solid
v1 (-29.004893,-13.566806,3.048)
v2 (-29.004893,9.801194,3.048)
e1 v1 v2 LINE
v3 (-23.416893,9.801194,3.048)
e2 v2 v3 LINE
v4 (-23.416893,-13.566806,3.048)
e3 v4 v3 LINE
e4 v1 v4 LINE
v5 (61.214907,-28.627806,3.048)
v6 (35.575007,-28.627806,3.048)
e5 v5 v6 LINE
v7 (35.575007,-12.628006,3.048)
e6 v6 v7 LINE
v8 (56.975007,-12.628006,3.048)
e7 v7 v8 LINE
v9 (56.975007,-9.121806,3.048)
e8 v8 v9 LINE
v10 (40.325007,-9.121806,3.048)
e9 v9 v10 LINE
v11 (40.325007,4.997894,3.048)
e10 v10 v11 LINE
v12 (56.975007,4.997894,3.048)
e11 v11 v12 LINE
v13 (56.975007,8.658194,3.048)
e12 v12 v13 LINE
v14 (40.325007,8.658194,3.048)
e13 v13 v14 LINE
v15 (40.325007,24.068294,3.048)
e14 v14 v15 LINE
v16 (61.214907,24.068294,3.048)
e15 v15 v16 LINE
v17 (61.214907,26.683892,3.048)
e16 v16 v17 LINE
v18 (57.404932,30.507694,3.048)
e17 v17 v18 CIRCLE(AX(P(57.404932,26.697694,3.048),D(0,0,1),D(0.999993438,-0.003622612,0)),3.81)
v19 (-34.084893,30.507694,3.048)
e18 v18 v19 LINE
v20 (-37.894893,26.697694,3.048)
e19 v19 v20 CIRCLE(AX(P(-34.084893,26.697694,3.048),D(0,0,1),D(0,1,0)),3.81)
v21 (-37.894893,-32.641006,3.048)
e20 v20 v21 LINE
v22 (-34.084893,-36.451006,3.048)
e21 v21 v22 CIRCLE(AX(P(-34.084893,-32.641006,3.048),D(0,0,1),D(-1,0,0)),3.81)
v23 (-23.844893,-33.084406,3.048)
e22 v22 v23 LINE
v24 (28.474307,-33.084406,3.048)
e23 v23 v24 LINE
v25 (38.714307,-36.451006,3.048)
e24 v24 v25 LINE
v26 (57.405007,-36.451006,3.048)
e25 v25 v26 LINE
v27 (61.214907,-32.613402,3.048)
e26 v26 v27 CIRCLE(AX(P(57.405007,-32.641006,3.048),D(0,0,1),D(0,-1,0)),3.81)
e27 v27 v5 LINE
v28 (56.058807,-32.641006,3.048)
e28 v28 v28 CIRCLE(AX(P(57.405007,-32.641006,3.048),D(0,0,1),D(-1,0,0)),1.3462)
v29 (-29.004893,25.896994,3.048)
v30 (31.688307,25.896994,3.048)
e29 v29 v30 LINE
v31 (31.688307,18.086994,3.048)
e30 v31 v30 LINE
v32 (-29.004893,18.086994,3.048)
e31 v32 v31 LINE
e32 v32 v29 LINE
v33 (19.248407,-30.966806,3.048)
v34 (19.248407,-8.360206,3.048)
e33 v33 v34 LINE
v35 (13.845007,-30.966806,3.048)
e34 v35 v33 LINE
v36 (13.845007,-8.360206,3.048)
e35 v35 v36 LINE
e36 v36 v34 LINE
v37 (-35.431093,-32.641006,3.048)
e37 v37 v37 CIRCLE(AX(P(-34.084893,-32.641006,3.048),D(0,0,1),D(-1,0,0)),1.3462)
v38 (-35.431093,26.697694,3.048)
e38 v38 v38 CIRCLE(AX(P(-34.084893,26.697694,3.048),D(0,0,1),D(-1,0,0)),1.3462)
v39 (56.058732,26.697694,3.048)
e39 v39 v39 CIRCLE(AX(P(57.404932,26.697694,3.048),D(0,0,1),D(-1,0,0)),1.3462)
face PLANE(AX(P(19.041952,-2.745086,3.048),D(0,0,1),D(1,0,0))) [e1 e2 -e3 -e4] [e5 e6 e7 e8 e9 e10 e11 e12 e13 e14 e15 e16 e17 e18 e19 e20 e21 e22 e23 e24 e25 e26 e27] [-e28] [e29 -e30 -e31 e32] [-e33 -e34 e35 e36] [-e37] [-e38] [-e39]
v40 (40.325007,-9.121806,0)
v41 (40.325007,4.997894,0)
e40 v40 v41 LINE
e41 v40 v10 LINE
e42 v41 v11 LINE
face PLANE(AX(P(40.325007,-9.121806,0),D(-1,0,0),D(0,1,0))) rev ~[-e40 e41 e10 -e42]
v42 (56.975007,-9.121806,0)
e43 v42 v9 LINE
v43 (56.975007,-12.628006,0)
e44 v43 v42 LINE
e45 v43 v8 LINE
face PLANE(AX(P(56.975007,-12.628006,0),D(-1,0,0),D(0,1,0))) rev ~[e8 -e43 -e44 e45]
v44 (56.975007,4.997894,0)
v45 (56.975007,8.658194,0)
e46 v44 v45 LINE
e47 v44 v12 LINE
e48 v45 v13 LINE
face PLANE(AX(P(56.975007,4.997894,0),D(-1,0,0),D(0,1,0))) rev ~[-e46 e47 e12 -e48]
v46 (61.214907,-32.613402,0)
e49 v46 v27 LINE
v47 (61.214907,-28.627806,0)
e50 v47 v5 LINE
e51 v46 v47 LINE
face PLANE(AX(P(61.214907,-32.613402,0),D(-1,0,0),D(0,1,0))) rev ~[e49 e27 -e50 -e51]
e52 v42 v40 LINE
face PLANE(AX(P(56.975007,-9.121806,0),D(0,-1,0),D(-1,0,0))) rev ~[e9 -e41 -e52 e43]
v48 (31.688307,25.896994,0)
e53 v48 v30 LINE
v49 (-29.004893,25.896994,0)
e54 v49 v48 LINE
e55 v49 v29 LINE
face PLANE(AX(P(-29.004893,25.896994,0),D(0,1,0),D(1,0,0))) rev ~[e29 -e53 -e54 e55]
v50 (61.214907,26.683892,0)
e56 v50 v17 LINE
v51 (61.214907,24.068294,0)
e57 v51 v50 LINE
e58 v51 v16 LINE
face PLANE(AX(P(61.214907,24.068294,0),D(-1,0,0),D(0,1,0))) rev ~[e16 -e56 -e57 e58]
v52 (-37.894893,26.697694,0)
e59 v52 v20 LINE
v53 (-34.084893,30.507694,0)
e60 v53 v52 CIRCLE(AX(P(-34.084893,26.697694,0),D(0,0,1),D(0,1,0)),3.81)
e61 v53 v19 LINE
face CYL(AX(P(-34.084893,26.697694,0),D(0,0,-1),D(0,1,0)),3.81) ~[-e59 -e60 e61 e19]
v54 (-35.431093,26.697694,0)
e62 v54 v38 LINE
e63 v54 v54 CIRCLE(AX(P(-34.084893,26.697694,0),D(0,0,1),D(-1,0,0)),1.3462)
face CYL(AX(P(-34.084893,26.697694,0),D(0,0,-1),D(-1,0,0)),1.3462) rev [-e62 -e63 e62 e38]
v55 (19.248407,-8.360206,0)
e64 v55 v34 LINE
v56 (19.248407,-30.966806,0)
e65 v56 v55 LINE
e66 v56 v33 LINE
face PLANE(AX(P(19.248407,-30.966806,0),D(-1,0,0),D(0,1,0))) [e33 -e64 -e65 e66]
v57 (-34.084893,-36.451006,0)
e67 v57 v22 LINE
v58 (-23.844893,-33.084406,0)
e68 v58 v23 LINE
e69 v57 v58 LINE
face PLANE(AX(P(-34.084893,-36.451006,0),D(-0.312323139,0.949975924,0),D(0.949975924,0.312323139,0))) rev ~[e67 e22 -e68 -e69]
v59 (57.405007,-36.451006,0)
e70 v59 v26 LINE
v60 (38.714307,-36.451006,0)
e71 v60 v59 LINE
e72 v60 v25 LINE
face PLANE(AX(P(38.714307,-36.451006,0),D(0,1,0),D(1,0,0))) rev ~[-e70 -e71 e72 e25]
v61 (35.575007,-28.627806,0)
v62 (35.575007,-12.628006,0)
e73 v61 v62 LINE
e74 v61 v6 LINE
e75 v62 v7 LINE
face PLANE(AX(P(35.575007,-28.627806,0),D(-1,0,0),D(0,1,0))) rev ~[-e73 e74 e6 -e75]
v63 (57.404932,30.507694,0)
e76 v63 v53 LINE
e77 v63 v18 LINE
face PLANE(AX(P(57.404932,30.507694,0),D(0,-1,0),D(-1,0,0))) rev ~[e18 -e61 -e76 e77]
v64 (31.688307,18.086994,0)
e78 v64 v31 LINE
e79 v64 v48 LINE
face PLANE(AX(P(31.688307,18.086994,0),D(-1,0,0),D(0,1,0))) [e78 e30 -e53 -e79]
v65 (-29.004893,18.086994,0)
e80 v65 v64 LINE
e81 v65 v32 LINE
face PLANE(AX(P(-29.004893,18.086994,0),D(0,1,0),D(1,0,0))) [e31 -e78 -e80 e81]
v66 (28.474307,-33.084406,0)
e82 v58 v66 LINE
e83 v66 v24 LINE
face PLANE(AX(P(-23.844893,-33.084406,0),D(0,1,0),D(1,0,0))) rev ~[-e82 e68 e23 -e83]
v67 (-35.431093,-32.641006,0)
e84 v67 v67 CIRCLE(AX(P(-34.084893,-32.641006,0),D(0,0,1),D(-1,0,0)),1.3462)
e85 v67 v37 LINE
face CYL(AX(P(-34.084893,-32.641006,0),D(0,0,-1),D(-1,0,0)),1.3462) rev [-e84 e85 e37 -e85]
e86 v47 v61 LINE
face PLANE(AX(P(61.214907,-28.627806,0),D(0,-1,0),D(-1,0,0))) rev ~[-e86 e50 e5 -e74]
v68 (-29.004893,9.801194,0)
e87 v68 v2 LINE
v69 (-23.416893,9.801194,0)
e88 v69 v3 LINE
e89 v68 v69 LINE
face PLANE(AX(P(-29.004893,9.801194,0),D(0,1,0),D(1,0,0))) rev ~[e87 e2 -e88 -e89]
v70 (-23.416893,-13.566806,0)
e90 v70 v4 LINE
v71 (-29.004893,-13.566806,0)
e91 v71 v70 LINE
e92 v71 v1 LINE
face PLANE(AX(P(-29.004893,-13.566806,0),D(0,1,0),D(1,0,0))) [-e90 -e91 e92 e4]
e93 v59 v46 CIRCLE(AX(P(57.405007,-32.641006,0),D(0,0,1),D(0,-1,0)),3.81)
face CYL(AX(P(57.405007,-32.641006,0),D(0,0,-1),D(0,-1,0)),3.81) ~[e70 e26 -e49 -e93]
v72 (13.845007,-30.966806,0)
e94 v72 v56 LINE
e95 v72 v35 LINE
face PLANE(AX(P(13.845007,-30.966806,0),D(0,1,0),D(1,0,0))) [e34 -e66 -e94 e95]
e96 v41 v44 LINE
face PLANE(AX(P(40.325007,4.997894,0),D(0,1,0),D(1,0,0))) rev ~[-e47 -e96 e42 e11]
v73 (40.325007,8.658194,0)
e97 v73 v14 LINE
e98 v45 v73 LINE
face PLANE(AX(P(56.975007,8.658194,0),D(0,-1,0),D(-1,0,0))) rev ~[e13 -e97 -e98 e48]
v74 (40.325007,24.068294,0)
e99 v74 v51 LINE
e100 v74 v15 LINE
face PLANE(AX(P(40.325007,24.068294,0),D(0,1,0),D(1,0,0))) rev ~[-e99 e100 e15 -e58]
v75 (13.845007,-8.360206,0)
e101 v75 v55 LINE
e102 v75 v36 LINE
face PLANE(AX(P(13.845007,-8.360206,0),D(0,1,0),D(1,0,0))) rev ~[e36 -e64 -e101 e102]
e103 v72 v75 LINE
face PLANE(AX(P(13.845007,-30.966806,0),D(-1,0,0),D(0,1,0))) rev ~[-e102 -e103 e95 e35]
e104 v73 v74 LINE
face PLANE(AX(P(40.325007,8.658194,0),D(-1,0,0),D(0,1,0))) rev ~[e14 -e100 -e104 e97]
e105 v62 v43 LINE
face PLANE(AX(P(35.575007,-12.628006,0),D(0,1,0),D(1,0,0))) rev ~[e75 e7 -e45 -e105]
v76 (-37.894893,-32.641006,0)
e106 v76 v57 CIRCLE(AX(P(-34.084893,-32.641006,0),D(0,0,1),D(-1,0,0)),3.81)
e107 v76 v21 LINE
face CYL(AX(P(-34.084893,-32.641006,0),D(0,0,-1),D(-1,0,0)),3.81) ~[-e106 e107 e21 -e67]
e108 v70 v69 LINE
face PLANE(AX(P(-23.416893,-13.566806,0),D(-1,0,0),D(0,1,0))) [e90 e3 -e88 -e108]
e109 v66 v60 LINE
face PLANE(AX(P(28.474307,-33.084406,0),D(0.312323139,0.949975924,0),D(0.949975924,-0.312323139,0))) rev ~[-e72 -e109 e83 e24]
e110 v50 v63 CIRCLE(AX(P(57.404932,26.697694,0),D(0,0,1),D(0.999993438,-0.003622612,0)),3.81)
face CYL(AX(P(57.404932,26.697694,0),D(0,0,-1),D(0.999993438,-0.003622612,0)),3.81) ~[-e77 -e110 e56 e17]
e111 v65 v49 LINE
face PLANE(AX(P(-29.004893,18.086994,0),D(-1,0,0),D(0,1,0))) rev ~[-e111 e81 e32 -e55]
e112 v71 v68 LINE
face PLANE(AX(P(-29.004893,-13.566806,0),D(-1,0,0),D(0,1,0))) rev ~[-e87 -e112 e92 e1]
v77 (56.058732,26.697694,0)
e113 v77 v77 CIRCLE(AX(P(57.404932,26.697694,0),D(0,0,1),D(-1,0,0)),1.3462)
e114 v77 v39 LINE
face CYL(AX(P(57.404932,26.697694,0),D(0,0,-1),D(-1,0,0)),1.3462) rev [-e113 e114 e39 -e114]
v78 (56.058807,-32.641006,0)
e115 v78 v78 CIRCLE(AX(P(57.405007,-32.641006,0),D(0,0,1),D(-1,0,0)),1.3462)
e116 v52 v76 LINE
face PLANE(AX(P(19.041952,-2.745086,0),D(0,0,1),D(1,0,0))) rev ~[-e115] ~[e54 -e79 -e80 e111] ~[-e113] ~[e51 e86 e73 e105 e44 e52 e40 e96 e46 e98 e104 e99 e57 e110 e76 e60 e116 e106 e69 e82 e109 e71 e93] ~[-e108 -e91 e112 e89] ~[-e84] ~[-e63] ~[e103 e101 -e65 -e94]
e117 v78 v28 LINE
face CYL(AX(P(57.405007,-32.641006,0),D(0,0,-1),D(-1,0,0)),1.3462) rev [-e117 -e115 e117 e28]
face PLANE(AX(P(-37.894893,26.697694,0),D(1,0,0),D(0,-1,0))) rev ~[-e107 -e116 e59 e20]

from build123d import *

# Parameters (mm, degrees)
SKETCH1_R           = 1.3462
SKETCH1_W           = 5.4034
SKETCH1_H           = 22.6066
SKETCH1_W_2         = 60.6932
SKETCH1_H_2         = 7.81
SKETCH1_W_3         = 5.588
SKETCH1_H_3         = 23.368
BOSS_EXTRUDE1_DEPTH = 3.048


with BuildPart() as part:
    # Sketch1 → Boss-Extrude1 (new body)
    with BuildSketch(Plane.XY):
        with BuildLine():
            Line((57.404932375, 30.507694304), (-34.084892625, 30.507694304))
            ThreePointArc((-34.084892625, 30.507694304), (-36.778969461, 29.391771141), (-37.894892625, 26.697694304))
            Line((-37.894892625, 26.697694304), (-37.894892625, -32.641005696))
            ThreePointArc((-37.894892625, -32.641005696), (-36.778969461, -35.335082532), (-34.084892625, -36.451005696))
            Line((-34.084892625, -36.451005696), (-23.844892625, -33.084405696))
            Line((-23.844892625, -33.084405696), (28.474307375, -33.084405696))
            Line((28.474307375, -33.084405696), (38.714307375, -36.451005696))
            Line((38.714307375, -36.451005696), (57.405007375, -36.451005696))
            ThreePointArc((57.405007375, -36.451005696), (60.108826144, -35.325305244), (61.214907375, -32.613401529))
            Line((61.214907375, -32.613401529), (61.214907375, -28.627805696))
            Line((61.214907375, -28.627805696), (35.575007375, -28.627805696))
            Line((35.575007375, -28.627805696), (35.575007375, -12.628005696))
            Line((35.575007375, -12.628005696), (56.975007375, -12.628005696))
            Line((56.975007375, -12.628005696), (56.975007375, -9.121805696))
            Line((56.975007375, -9.121805696), (40.325007375, -9.121805696))
            Line((40.325007375, -9.121805696), (40.325007375, 4.997894304))
            Line((40.325007375, 4.997894304), (56.975007375, 4.997894304))
            Line((56.975007375, 4.997894304), (56.975007375, 8.658194304))
            Line((56.975007375, 8.658194304), (40.325007375, 8.658194304))
            Line((40.325007375, 8.658194304), (40.325007375, 24.068294304))
            Line((40.325007375, 24.068294304), (61.214907375, 24.068294304))
            Line((61.214907375, 24.068294304), (61.214907375, 26.683892153))
            ThreePointArc((61.214907375, 26.683892153), (60.103884597, 29.386886916), (57.404932375, 30.507694304))
        make_face()
        with Locations(Location((57.405007375, -32.641005696, 0), (0, 0, 180))):
            Circle(SKETCH1_R, mode=Mode.SUBTRACT)
        with Locations(Location((-34.084892625, -32.641005696, 0), (0, 0, 180))):
            Circle(SKETCH1_R, mode=Mode.SUBTRACT)
        with Locations(Location((-34.084892625, 26.697694304, 0), (0, 0, 180))):
            Circle(SKETCH1_R, mode=Mode.SUBTRACT)
        with Locations(Location((57.404932375, 26.697694304, 0), (0, 0, 180))):
            Circle(SKETCH1_R, mode=Mode.SUBTRACT)
        with Locations((16.546707375, -19.663505696)):
            Rectangle(SKETCH1_W, SKETCH1_H, mode=Mode.SUBTRACT)
        with Locations((1.341707375, 21.991994304)):
            Rectangle(SKETCH1_W_2, SKETCH1_H_2, mode=Mode.SUBTRACT)
        with Locations((-26.210892625, -1.882805696)):
            Rectangle(SKETCH1_W_3, SKETCH1_H_3, mode=Mode.SUBTRACT)
    extrude(amount=BOSS_EXTRUDE1_DEPTH)


solid = part.part
